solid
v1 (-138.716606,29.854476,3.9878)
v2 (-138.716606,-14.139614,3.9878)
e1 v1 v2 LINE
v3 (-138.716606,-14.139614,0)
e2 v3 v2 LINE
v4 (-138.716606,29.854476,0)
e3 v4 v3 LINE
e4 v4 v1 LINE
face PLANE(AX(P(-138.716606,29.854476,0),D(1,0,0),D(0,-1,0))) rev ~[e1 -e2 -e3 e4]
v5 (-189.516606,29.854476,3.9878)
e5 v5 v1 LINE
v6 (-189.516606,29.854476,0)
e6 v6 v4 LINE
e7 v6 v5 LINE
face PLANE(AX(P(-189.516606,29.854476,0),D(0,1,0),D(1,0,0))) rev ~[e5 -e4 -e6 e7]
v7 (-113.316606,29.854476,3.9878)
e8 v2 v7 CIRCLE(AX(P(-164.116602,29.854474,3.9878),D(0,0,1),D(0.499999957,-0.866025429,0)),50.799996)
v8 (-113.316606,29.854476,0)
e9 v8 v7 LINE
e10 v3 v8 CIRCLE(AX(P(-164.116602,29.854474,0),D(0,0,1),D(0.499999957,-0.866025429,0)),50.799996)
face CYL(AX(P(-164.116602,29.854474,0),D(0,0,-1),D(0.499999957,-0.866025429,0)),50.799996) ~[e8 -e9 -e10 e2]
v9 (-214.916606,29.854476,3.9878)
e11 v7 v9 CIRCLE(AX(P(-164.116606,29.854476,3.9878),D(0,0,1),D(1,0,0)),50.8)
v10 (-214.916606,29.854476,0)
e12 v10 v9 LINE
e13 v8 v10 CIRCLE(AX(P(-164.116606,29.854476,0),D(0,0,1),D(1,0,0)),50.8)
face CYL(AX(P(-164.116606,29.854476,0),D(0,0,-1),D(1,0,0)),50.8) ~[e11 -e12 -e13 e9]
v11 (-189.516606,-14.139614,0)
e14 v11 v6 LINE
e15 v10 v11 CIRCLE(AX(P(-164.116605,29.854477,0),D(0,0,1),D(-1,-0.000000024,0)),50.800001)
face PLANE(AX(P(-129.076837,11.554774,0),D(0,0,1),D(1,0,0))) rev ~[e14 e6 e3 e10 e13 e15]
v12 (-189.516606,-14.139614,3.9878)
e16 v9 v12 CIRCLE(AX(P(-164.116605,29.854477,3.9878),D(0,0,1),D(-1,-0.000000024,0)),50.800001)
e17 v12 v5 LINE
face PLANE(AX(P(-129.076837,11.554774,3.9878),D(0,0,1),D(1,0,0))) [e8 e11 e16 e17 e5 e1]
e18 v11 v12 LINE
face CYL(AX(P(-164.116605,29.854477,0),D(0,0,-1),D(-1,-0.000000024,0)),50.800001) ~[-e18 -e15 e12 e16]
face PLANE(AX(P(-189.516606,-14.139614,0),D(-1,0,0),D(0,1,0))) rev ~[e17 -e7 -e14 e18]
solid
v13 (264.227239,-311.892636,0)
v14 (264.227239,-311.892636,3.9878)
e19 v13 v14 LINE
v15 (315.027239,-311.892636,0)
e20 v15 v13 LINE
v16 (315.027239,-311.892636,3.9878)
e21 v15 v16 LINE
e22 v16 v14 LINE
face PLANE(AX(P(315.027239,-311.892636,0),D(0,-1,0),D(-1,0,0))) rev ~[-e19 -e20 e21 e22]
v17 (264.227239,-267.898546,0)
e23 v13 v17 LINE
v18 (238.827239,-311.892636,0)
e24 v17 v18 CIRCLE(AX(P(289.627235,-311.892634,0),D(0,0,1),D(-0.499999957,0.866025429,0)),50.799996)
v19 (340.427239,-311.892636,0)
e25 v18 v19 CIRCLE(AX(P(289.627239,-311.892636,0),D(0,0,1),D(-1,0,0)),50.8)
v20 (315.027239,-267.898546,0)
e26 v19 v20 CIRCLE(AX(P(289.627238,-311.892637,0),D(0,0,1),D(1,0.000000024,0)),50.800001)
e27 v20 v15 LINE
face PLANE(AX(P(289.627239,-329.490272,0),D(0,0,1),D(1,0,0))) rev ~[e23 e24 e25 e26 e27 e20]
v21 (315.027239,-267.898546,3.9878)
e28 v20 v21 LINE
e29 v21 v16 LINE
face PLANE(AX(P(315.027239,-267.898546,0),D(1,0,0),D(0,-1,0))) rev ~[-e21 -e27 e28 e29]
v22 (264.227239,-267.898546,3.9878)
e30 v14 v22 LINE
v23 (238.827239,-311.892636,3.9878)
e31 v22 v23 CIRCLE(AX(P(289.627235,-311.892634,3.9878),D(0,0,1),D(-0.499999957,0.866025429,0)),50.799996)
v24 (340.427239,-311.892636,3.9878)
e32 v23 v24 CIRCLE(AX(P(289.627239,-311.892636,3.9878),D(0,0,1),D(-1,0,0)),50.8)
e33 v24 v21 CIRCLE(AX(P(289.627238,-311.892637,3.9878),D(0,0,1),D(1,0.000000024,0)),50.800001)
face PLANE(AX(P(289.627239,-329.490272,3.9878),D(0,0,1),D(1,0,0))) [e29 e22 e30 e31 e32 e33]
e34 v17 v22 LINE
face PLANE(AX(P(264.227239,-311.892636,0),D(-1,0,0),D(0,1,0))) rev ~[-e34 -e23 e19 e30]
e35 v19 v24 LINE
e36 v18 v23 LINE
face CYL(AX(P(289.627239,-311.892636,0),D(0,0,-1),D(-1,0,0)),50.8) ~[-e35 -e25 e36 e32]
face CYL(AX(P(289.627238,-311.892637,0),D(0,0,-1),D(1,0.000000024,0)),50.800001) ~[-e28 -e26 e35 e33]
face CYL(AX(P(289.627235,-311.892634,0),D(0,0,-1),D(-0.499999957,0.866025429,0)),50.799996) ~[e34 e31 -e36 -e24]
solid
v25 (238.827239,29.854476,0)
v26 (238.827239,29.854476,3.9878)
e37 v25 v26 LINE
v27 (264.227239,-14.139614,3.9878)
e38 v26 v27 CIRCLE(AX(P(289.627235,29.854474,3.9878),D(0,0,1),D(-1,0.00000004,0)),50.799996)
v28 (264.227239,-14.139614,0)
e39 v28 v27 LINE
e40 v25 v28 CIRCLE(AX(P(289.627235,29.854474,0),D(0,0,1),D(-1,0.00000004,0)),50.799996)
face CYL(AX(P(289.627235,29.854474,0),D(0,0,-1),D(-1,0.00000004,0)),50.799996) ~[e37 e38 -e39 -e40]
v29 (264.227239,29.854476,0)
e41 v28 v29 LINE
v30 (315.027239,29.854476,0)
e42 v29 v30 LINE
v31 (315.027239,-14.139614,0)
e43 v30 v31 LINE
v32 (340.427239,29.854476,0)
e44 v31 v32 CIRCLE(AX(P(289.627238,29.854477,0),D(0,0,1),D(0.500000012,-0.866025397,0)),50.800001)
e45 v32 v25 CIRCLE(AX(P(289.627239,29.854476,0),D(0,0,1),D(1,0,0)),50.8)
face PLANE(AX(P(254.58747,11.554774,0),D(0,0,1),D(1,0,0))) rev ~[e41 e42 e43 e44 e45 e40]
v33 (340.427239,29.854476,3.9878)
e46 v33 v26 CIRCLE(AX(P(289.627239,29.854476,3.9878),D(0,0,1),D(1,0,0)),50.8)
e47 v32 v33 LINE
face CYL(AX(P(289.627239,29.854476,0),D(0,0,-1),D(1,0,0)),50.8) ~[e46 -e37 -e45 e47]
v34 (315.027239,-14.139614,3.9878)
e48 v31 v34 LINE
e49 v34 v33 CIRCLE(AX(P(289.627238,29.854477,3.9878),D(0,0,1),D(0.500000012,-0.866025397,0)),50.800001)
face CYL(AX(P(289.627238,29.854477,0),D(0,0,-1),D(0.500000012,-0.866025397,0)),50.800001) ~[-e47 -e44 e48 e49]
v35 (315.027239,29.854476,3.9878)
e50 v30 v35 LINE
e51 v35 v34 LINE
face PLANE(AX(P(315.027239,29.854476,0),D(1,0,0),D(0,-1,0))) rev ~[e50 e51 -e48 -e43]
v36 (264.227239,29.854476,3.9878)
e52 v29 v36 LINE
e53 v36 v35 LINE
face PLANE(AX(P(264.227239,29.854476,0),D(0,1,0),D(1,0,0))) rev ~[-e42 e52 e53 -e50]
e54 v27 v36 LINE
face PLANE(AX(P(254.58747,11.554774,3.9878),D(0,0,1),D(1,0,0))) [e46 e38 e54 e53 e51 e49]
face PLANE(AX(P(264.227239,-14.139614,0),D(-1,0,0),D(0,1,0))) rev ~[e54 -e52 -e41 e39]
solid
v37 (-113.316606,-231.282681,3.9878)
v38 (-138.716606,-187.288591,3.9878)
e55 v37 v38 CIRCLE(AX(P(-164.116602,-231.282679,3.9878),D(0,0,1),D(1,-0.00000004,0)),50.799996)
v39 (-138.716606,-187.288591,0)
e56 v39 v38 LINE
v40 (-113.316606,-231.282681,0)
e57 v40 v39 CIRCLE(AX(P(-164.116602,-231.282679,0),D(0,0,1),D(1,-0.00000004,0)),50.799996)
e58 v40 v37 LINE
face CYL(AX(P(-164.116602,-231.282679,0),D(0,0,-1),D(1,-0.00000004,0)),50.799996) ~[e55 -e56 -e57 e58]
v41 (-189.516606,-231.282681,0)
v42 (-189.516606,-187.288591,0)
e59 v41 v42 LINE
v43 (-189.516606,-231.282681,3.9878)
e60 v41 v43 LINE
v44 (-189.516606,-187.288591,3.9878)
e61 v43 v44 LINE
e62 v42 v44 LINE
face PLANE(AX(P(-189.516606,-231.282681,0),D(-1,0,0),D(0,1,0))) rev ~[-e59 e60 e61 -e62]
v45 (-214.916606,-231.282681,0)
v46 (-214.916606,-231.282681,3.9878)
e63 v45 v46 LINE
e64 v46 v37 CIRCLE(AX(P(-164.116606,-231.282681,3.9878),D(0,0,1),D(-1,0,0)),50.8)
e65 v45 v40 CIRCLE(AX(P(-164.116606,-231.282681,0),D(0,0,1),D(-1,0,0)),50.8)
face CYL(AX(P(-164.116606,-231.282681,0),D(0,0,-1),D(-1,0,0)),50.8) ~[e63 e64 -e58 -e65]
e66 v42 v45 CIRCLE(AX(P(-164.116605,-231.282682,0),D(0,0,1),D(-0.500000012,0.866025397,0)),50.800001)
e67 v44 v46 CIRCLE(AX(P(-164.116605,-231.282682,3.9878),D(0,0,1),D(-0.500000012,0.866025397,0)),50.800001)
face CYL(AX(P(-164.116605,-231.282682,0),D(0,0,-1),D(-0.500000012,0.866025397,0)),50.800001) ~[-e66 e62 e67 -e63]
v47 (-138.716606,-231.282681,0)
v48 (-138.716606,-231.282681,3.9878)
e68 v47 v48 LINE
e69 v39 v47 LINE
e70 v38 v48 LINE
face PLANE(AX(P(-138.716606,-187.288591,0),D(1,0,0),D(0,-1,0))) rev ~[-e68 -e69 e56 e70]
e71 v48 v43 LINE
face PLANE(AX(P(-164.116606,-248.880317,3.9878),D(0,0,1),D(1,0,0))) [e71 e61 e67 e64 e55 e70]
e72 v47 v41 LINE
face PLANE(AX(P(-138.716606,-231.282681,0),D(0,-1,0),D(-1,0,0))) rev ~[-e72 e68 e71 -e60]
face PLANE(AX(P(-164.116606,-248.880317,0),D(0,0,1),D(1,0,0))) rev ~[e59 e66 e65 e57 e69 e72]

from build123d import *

# Parameters (mm, degrees)
F1_DEPTH = 3.9878


with BuildPart() as f1:
    # F0 (on Top) → F1 (new body)
    with BuildSketch(Plane.XY):
        with BuildLine():
            Line((-138.716606, 29.854476), (-138.716606, -14.139614))
            ThreePointArc((-138.716606, -14.139614), (-120.122515, 4.454476), (-113.316606, 29.854476))
            Line((-113.316606, 29.854476), (-138.716606, 29.854476))
        make_face()
        with BuildLine():
            Line((-138.716606, 29.854476), (-113.316606, 29.854476))
            ThreePointArc((-113.316606, 29.854476), (-164.116606, 80.654476), (-214.916606, 29.854476))
            Line((-214.916606, 29.854476), (-189.516606, 29.854476))
            Line((-189.516606, 29.854476), (-164.116606, 29.854476))
            Line((-164.116606, 29.854476), (-138.716606, 29.854476))
        make_face()
        with BuildLine():
            Line((-189.516606, 29.854476), (-214.916606, 29.854476))
            ThreePointArc((-214.916606, 29.854476), (-208.110696, 4.454476), (-189.516606, -14.139614))
            Line((-189.516606, -14.139614), (-189.516606, 29.854476))
        make_face()
        with BuildLine():
            ThreePointArc((238.827239, 29.854476), (245.633148, 4.454476), (264.227239, -14.139614))
            Line((264.227239, -14.139614), (264.227239, 29.854476))
            Line((264.227239, 29.854476), (238.827239, 29.854476))
        make_face()
        with BuildLine():
            ThreePointArc((340.427239, 29.854476), (289.627239, 80.654476), (238.827239, 29.854476))
            Line((238.827239, 29.854476), (264.227239, 29.854476))
            Line((264.227239, 29.854476), (289.627239, 29.854476))
            Line((289.627239, 29.854476), (315.027239, 29.854476))
            Line((315.027239, 29.854476), (340.427239, 29.854476))
        make_face()
        with BuildLine():
            ThreePointArc((315.027239, -14.139614), (333.621329, 4.454476), (340.427239, 29.854476))
            Line((340.427239, 29.854476), (315.027239, 29.854476))
            Line((315.027239, 29.854476), (315.027239, -14.139614))
        make_face()
        with BuildLine():
            Line((-138.716606, -231.282681), (-164.116606, -231.282681))
            Line((-164.116606, -231.282681), (-189.516606, -231.282681))
            Line((-189.516606, -231.282681), (-214.916606, -231.282681))
            ThreePointArc((-214.916606, -231.282681), (-164.116606, -282.082681), (-113.316606, -231.282681))
            Line((-113.316606, -231.282681), (-138.716606, -231.282681))
        make_face()
        with BuildLine():
            Line((-214.916606, -231.282681), (-189.516606, -231.282681))
            Line((-189.516606, -231.282681), (-189.516606, -187.288591))
            ThreePointArc((-189.516606, -187.288591), (-208.110696, -205.882681), (-214.916606, -231.282681))
        make_face()
        with BuildLine():
            Line((-138.716606, -187.288591), (-138.716606, -231.282681))
            Line((-138.716606, -231.282681), (-113.316606, -231.282681))
            ThreePointArc((-113.316606, -231.282681), (-120.122515, -205.882681), (-138.716606, -187.288591))
        make_face()
        with BuildLine():
            Line((315.027239, -311.892636), (289.627239, -311.892636))
            Line((289.627239, -311.892636), (264.227239, -311.892636))
            Line((264.227239, -311.892636), (238.827239, -311.892636))
            ThreePointArc((238.827239, -311.892636), (289.627239, -362.692636), (340.427239, -311.892636))
            Line((340.427239, -311.892636), (315.027239, -311.892636))
        make_face()
        with BuildLine():
            Line((238.827239, -311.892636), (264.227239, -311.892636))
            Line((264.227239, -311.892636), (264.227239, -267.898546))
            ThreePointArc((264.227239, -267.898546), (245.633148, -286.492636), (238.827239, -311.892636))
        make_face()
        with BuildLine():
            Line((315.027239, -267.898546), (315.027239, -311.892636))
            Line((315.027239, -311.892636), (340.427239, -311.892636))
            ThreePointArc((340.427239, -311.892636), (333.621329, -286.492636), (315.027239, -267.898546))
        make_face()
    extrude(amount=F1_DEPTH)


solid = f1.part
